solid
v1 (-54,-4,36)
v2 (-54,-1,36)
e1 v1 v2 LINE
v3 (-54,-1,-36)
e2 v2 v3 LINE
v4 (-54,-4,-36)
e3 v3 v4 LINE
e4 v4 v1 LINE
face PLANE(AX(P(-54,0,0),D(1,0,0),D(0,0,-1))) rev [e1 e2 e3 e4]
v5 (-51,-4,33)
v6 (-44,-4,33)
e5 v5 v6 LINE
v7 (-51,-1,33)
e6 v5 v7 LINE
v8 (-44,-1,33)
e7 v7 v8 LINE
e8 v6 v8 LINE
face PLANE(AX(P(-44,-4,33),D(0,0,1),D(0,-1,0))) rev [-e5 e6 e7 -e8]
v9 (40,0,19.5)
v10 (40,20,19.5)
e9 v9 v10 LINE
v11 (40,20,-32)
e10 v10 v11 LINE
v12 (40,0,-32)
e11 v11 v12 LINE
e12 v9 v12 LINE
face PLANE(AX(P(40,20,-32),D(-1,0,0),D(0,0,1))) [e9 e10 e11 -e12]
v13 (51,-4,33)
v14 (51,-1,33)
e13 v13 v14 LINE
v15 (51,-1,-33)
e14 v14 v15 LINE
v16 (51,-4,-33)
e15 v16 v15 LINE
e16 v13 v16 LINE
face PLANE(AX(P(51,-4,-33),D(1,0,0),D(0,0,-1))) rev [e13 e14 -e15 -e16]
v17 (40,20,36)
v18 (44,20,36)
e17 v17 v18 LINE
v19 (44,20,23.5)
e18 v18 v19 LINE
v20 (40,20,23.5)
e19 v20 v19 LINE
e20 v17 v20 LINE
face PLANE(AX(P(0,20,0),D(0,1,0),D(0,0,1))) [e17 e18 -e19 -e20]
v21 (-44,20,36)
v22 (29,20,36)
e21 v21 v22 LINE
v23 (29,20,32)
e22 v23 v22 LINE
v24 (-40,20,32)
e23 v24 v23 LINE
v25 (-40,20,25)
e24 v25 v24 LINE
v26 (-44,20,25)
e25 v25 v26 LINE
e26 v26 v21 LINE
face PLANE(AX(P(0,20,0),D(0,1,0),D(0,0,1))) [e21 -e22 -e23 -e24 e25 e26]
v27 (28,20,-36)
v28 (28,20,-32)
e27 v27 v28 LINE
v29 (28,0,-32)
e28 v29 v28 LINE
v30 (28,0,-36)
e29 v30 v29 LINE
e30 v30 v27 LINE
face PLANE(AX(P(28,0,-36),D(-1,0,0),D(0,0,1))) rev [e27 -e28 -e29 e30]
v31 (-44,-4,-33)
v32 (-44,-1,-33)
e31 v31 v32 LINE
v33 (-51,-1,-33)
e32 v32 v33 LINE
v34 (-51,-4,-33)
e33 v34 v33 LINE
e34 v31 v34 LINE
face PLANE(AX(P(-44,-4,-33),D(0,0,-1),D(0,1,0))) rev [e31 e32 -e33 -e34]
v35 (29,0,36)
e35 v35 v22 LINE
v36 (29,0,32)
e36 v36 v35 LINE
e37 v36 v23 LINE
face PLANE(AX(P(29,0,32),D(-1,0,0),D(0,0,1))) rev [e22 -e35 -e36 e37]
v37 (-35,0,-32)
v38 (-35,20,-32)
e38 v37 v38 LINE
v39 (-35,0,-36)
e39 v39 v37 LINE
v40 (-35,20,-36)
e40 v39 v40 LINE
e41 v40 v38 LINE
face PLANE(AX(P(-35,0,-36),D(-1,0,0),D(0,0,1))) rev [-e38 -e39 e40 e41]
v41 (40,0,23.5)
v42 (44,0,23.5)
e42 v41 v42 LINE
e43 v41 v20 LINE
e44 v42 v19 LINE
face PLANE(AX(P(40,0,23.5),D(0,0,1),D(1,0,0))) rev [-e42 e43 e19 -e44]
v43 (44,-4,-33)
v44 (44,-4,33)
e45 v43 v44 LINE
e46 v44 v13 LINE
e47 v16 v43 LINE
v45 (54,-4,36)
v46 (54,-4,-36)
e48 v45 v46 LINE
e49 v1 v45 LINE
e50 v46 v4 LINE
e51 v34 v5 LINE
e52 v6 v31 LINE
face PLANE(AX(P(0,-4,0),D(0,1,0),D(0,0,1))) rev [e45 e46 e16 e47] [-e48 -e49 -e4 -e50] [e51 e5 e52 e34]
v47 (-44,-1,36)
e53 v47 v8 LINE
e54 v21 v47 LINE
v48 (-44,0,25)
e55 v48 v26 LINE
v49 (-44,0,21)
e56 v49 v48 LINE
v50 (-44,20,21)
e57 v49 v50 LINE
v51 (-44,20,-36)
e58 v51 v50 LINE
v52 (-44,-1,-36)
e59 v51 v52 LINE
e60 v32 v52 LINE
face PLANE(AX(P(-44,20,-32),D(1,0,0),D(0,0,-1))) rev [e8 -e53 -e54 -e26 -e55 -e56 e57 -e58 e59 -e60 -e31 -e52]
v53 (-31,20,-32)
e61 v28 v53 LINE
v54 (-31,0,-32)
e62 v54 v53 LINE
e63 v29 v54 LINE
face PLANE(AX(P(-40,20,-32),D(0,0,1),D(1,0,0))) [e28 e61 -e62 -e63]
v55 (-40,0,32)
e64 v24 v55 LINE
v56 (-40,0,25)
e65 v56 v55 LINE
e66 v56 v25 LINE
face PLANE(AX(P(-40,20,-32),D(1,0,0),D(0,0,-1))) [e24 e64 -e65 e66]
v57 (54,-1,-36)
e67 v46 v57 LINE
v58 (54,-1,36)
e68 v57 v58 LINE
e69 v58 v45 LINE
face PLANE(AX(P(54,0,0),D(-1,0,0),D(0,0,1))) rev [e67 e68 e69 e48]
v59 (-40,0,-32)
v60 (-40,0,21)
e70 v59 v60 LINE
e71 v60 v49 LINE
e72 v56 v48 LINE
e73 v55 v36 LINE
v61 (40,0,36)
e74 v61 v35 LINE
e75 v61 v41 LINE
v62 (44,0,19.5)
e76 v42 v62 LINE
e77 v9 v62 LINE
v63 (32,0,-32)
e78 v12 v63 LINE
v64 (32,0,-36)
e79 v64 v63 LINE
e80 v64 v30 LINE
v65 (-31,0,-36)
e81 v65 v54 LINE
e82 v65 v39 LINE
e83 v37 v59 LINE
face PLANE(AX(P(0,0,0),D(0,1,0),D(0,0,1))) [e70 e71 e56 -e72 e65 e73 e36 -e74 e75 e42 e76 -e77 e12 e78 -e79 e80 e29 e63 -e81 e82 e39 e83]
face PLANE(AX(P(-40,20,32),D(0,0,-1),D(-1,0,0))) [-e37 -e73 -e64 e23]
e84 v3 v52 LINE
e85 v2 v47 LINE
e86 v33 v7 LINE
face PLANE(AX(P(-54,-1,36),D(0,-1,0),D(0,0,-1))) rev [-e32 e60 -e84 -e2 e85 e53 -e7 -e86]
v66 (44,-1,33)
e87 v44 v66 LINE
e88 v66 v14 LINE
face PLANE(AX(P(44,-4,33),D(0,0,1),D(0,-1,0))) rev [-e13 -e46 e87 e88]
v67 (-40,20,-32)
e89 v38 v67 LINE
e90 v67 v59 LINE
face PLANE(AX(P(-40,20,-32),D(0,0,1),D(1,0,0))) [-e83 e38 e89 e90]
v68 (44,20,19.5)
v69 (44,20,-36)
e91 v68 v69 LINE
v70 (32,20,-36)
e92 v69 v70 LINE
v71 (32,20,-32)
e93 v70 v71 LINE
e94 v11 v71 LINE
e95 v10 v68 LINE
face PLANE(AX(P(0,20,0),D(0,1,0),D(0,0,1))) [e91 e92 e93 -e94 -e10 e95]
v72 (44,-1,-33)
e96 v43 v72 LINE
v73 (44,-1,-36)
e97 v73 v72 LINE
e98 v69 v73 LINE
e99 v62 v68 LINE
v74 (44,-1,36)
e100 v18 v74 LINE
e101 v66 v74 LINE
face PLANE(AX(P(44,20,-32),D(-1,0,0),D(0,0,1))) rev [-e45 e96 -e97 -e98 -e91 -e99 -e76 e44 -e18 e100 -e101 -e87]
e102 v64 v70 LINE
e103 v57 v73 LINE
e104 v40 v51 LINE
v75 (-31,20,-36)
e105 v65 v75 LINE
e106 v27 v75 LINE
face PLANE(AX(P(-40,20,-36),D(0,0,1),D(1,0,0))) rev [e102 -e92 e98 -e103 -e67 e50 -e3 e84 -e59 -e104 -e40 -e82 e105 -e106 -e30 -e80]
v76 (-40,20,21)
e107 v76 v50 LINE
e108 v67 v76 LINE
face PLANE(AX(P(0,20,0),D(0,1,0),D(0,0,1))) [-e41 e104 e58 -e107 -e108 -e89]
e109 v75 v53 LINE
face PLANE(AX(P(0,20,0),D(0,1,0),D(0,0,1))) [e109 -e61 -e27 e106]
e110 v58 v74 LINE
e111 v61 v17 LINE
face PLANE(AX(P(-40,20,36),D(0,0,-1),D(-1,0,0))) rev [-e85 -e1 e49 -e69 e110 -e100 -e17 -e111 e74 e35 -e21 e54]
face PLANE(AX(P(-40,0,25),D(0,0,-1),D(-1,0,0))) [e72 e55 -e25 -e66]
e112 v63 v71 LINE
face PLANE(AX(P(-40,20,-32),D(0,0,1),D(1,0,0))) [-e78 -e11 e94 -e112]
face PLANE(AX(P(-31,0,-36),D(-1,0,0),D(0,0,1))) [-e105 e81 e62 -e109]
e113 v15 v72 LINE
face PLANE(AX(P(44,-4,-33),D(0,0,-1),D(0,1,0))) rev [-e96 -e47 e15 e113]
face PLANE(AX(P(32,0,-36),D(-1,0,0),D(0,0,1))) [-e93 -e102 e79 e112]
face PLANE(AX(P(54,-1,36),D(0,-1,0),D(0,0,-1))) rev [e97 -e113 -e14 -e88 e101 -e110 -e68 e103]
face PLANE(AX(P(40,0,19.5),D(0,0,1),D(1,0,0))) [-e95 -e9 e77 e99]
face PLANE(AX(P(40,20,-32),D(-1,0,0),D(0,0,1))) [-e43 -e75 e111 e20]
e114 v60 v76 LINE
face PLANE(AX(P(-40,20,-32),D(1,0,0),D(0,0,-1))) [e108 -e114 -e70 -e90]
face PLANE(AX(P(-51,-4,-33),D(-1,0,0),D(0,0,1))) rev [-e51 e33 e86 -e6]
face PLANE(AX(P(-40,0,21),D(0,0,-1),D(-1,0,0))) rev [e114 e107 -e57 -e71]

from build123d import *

# Parameters (mm, degrees)
SKETCH1_W           = 80
SKETCH1_H           = 64
BOSS_EXTRUDE1_DEPTH = 20
SHELL1_T            = 4
SKETCH2_W           = 4
SKETCH2_H           = 4
SKETCH2_W_2         = 11
CUT_EXTRUDE1_DEPTH  = 20
SKETCH4_W           = 72
SKETCH4_H           = 3
BOSS_EXTRUDE3_DEPTH = 10
SKETCH3_W           = 72
SKETCH3_H           = 3
BOSS_EXTRUDE2_DEPTH = 10
SKETCH6_W           = 7
SKETCH6_H           = 66
CUT_EXTRUDE2_DEPTH  = 3


with BuildPart() as part:
    # Sketch1 → Boss-Extrude1 (new body)
    with BuildSketch(Plane(origin=(0, 0, 0), x_dir=(1, 0, 0), z_dir=(0, 1, 0))):
        Rectangle(SKETCH1_W, SKETCH1_H)
    extrude(amount=BOSS_EXTRUDE1_DEPTH)

    # Shell1
    shell1_openings = [part.faces().sort_by_distance(p)[0] for p in [
        (0, 20, 0),
    ]]
    offset(amount=SHELL1_T, openings=shell1_openings, kind=Kind.INTERSECTION)

    # Sketch2 → Cut-Extrude1 (cut)
    with BuildSketch(Plane(origin=(0, 20, 0), x_dir=(1, 0, 0), z_dir=(0, 1, 0))):
        with Locations((-42, -23)):
            Rectangle(SKETCH2_W, SKETCH2_H)
        with Locations((34.5, -34)):
            Rectangle(SKETCH2_W_2, SKETCH2_H)
        with Locations((42, -21.5)):
            Rectangle(SKETCH2_W, SKETCH2_H)
        with Locations((30, 34)):
            Rectangle(SKETCH2_W, SKETCH2_H)
        with Locations((-33, 34)):
            Rectangle(SKETCH2_W, SKETCH2_H)
    extrude(amount=-CUT_EXTRUDE1_DEPTH, mode=Mode.SUBTRACT)

    # Sketch4 → Boss-Extrude3 (add)
    with BuildSketch(Plane.ZY.offset(44)):
        with Locations((0, -2.5)):
            Rectangle(SKETCH4_W, SKETCH4_H)
    extrude(amount=BOSS_EXTRUDE3_DEPTH)

    # Sketch3 → Boss-Extrude2 (add)
    with BuildSketch(Plane(origin=(44, 0, 0), x_dir=(0, 0, -1), z_dir=(1, 0, 0))):
        with Locations((0, -2.5)):
            Rectangle(SKETCH3_W, SKETCH3_H)
    extrude(amount=BOSS_EXTRUDE2_DEPTH)

    # Sketch6 → Cut-Extrude2 (cut)
    with BuildSketch(Plane(origin=(0, -1, 0), x_dir=(1, 0, 0), z_dir=(0, 1, 0))):
        with Locations((-47.5, 0)):
            Rectangle(SKETCH6_W, SKETCH6_H)
        with Locations((47.5, 0)):
            Rectangle(SKETCH6_W, SKETCH6_H)
    extrude(amount=-CUT_EXTRUDE2_DEPTH, mode=Mode.SUBTRACT)


solid = part.part
